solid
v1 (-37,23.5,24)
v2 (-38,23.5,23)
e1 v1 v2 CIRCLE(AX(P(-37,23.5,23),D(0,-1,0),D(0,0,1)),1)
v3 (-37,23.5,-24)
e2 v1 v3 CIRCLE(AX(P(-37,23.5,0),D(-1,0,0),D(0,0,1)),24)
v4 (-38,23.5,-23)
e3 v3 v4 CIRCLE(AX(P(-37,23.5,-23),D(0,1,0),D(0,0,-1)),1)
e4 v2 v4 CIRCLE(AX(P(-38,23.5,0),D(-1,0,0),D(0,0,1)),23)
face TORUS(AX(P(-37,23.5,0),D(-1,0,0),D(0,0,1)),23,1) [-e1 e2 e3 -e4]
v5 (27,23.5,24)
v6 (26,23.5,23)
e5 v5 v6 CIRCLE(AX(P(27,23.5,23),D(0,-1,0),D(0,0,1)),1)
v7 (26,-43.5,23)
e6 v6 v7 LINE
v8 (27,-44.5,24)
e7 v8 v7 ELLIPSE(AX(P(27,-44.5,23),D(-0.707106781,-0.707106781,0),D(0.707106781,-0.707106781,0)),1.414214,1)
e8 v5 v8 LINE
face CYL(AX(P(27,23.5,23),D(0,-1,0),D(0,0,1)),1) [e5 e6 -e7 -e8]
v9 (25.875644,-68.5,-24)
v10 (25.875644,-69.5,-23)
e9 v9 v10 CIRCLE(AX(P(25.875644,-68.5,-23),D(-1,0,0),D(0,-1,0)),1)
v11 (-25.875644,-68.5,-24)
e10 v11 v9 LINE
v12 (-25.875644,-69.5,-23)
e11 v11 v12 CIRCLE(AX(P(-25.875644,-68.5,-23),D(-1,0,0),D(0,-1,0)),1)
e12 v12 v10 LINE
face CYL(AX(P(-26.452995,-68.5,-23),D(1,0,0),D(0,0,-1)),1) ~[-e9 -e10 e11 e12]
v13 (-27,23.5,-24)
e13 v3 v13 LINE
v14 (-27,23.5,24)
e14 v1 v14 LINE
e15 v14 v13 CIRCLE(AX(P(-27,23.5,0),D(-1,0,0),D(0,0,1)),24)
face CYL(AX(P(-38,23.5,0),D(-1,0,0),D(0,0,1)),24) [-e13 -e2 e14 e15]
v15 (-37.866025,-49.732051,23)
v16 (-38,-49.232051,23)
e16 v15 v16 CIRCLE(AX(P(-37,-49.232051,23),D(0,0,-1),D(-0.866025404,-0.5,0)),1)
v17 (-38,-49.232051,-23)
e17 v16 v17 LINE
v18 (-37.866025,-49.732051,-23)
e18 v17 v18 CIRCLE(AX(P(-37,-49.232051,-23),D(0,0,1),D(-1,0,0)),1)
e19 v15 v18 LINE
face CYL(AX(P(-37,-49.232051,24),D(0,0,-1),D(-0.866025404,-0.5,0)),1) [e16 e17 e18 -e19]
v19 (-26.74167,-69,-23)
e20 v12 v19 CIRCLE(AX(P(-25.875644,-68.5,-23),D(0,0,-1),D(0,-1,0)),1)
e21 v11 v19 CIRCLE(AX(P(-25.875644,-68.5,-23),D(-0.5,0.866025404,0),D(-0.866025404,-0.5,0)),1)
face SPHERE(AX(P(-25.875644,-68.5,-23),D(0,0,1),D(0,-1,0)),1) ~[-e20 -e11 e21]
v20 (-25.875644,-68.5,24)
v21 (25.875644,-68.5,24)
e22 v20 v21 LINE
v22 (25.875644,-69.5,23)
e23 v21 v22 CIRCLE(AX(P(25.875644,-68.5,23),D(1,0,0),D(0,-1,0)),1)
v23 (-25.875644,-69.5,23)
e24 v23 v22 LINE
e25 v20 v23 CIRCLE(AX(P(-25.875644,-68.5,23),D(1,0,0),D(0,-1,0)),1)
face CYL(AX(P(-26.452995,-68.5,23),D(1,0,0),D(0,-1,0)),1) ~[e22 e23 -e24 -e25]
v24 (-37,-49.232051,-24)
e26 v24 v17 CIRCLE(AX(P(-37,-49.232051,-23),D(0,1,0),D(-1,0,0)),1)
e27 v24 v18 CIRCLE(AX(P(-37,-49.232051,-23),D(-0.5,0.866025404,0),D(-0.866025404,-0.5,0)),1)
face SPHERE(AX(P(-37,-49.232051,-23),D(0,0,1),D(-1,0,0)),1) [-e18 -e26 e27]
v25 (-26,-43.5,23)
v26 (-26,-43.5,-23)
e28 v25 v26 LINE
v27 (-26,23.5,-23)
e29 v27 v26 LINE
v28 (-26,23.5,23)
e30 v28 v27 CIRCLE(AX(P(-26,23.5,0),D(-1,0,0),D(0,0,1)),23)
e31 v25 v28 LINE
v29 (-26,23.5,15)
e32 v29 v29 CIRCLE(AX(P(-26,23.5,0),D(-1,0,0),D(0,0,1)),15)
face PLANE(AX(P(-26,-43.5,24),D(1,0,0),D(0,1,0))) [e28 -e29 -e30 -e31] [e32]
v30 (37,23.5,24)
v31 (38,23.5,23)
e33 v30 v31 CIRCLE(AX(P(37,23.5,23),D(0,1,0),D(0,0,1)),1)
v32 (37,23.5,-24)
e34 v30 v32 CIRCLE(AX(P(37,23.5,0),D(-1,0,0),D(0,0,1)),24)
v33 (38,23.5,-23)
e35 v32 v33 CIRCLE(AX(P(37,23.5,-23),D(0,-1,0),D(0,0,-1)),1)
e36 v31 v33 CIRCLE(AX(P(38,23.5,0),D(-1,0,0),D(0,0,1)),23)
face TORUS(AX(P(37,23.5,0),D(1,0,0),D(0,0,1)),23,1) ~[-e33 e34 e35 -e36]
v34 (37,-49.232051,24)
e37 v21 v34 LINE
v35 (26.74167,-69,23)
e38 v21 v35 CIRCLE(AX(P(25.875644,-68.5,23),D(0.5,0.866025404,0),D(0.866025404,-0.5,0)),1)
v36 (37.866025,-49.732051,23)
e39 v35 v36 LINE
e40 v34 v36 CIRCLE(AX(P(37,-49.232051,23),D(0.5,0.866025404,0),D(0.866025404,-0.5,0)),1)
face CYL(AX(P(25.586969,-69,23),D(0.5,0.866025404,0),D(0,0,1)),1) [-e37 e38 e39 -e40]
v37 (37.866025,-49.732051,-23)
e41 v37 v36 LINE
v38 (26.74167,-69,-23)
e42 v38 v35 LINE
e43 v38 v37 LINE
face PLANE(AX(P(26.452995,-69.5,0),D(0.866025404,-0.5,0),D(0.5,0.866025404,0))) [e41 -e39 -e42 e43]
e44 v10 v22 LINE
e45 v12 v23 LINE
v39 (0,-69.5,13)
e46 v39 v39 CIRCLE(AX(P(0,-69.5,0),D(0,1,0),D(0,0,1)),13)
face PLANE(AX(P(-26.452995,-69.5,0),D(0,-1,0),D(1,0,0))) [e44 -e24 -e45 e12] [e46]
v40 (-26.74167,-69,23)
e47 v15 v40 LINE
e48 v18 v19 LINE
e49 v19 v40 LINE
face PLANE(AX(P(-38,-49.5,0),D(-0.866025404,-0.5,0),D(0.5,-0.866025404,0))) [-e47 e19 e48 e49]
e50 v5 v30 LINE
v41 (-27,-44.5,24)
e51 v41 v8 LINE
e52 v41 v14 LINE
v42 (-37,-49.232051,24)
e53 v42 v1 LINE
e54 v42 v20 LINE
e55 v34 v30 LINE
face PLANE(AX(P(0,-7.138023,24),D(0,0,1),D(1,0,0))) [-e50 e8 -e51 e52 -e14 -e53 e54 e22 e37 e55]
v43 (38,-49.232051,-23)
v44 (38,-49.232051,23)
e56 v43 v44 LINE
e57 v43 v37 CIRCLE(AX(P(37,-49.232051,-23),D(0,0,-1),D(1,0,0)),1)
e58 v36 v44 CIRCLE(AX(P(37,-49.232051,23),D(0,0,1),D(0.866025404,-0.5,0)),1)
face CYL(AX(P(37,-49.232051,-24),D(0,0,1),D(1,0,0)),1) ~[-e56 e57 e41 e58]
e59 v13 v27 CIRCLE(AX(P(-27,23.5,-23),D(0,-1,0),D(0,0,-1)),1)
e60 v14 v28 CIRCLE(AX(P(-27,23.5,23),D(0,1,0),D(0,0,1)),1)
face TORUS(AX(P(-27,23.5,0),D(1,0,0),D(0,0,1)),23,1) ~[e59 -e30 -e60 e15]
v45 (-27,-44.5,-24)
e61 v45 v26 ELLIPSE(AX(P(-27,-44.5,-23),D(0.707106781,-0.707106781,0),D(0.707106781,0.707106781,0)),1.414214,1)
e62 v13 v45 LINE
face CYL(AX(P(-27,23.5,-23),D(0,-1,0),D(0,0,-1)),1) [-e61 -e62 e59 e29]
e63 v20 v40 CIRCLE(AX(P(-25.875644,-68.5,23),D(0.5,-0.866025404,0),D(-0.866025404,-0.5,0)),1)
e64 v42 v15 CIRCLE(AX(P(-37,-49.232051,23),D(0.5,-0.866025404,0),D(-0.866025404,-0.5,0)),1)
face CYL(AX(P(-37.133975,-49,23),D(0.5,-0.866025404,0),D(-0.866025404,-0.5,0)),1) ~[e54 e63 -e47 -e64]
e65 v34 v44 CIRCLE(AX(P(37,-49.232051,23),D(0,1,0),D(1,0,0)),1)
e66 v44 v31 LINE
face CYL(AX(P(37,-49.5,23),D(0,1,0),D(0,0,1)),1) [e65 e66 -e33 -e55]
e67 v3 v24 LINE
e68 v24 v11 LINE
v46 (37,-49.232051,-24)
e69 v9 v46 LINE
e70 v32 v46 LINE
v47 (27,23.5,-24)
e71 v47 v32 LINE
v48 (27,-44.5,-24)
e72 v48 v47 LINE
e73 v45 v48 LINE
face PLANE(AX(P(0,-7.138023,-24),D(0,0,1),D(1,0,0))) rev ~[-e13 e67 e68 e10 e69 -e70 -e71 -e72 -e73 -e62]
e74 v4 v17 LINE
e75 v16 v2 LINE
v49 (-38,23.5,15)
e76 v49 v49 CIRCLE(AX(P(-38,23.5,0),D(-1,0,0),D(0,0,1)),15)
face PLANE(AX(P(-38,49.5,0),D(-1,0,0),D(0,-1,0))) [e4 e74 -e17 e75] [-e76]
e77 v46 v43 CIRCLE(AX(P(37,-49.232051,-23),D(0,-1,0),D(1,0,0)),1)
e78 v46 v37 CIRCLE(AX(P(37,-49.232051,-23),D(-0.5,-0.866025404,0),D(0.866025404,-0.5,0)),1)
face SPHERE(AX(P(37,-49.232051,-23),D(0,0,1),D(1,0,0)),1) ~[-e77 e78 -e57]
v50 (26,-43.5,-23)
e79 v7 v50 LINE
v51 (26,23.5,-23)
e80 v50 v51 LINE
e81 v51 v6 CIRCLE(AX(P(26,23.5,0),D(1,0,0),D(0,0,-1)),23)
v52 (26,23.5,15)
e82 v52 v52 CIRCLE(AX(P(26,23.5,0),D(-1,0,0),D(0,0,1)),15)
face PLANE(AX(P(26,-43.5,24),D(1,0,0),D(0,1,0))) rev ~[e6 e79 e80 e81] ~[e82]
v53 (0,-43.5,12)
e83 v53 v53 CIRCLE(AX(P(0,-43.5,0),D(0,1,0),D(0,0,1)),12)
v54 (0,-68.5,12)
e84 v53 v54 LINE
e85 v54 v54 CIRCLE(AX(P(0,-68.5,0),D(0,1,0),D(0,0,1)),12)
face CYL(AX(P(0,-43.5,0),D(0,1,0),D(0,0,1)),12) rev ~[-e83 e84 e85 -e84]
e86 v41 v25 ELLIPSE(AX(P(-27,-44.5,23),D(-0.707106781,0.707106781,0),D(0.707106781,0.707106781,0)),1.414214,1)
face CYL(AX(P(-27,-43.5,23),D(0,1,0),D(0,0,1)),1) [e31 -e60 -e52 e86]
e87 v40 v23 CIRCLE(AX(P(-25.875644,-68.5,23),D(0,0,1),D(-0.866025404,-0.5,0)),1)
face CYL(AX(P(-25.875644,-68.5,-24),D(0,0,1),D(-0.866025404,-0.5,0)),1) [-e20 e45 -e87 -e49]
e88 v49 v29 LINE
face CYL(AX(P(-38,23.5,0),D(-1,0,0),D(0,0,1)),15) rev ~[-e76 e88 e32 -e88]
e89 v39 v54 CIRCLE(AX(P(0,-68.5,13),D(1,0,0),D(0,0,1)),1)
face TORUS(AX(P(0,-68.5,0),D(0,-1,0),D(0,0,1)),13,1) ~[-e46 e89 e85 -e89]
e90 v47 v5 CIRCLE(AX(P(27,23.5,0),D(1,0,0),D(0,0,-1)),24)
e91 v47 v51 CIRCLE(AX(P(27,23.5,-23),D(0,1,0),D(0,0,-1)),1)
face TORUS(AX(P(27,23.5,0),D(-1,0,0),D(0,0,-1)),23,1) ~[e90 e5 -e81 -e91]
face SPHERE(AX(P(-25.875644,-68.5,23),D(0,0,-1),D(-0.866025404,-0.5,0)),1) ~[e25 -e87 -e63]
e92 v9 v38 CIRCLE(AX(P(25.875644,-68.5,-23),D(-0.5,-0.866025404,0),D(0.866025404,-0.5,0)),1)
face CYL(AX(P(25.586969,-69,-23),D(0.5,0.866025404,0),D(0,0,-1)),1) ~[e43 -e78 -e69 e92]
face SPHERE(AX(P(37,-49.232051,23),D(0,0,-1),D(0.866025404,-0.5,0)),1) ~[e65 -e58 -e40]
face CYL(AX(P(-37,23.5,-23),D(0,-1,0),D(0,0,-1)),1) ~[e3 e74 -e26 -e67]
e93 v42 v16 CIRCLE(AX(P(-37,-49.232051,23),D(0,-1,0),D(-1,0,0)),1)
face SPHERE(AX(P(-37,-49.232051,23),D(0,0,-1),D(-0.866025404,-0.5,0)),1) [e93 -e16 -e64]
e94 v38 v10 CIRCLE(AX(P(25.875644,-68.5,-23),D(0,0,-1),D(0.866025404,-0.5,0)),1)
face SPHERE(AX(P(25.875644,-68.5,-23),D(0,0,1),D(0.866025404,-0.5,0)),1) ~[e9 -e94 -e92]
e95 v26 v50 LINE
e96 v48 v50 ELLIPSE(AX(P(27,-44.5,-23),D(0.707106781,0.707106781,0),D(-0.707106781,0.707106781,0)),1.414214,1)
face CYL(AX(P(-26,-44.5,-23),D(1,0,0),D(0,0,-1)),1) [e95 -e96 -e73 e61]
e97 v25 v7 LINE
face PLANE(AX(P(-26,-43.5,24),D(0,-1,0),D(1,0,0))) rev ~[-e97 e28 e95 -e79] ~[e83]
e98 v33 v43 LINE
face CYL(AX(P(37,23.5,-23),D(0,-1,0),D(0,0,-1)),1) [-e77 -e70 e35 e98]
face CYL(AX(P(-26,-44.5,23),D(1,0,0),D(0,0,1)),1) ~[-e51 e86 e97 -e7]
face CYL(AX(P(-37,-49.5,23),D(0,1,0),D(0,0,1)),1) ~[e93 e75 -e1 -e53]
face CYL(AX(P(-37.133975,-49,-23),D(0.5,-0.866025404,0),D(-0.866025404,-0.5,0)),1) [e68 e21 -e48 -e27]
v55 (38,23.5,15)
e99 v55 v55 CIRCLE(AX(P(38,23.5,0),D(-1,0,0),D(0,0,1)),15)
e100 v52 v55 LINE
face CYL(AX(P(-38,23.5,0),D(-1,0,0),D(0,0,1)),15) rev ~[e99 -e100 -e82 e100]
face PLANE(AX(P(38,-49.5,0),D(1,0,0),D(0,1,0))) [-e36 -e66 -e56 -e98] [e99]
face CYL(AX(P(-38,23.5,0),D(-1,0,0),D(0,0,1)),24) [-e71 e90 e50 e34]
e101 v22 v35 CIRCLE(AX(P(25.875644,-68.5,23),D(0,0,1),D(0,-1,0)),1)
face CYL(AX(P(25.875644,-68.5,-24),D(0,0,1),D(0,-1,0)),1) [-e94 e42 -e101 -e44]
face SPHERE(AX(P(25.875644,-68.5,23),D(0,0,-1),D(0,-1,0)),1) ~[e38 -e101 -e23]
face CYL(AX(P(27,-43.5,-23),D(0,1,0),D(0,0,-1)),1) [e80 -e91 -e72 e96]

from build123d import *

# Parameters (mm, degrees)
BOSS_EXTRUDE1_DEPTH = 24
SKETCH2_W           = 52
SKETCH2_H           = 93
CUT_EXTRUDE1_DEPTH  = 48
CUT_EXTRUDE2_DEPTH  = 105
SKETCH4_R           = 15
CUT_EXTRUDE3_DEPTH  = 105
SKETCH5_R           = 12
CUT_EXTRUDE4_DEPTH  = 105
FILLET1_R           = 1


with BuildPart() as part:
    # Sketch1 → Boss-Extrude1 (new, symmetric)
    with BuildSketch(Plane.XY):
        Polygon((-38, -49.5), (-26.452994616, -69.5), (26.452994616, -69.5), (38, -49.5), (38, 49.5), (-38, 49.5), align=None)
    extrude(amount=BOSS_EXTRUDE1_DEPTH, both=True)

    # Sketch2 → Cut-Extrude1 (cut)
    with BuildSketch(Plane.XY.offset(24)):
        with Locations((0, 3)):
            Rectangle(SKETCH2_W, SKETCH2_H)
    extrude(amount=-CUT_EXTRUDE1_DEPTH, mode=Mode.SUBTRACT)

    # Sketch3 → Cut-Extrude2 (cut)
    with BuildSketch(Plane.ZY.offset(38)):
        with BuildLine():
            Line((-24, 23.5), (-24, 49.5))
            Line((-24, 49.5), (24, 49.5))
            Line((24, 49.5), (24, 23.5))
            ThreePointArc((24, 23.5), (0, 47.5), (-24, 23.5))
        make_face()
    extrude(amount=-CUT_EXTRUDE2_DEPTH, mode=Mode.SUBTRACT)

    # Sketch4 → Cut-Extrude3 (cut)
    with BuildSketch(Plane.ZY.offset(38)):
        with Locations((0, 23.5)):
            Circle(SKETCH4_R)
    extrude(amount=-CUT_EXTRUDE3_DEPTH, mode=Mode.SUBTRACT)

    # Sketch5 → Cut-Extrude4 (cut)
    with BuildSketch(Plane(origin=(0, -43.5, 0), x_dir=(1, 0, 0), z_dir=(0, 1, 0))):
        with Locations(Location((0, 0, 0), (0, 0, 270))):
            Circle(SKETCH5_R)
    extrude(amount=-CUT_EXTRUDE4_DEPTH, mode=Mode.SUBTRACT)

    # Fillet1
    fillet1_edges = [part.edges().sort_by_distance(p)[0] for p in [
        (38, -49.5, 0),
        (26.452994616, -69.5, 0),
        (-26.452994616, -69.5, 0),
        (-38, -49.5, 0),
        (-32.226497308, -59.5, 24),
        (0, -69.5, 24),
        (32.226497308, -59.5, 24),
        (26, -10, -24),
        (0, -43.5, -24),
        (0, -43.5, 24),
        (26, -10, 24),
        (-26, -10, 24),
        (-26, -10, -24),
        (-26, 47.5, 0),
        (-38, -13, -24),
        (-38, -13, 24),
        (38, 47.5, 0),
        (26, 47.5, 0),
        (38, -13, 24),
        (-38, 47.5, 0),
        (32.226497308, -59.5, -24),
        (0, -69.5, -24),
        (-32.226497308, -59.5, -24),
        (0, -69.5, -12),
        (38, -13, -24),
    ]]
    fillet(fillet1_edges, radius=FILLET1_R)


solid = part.part
